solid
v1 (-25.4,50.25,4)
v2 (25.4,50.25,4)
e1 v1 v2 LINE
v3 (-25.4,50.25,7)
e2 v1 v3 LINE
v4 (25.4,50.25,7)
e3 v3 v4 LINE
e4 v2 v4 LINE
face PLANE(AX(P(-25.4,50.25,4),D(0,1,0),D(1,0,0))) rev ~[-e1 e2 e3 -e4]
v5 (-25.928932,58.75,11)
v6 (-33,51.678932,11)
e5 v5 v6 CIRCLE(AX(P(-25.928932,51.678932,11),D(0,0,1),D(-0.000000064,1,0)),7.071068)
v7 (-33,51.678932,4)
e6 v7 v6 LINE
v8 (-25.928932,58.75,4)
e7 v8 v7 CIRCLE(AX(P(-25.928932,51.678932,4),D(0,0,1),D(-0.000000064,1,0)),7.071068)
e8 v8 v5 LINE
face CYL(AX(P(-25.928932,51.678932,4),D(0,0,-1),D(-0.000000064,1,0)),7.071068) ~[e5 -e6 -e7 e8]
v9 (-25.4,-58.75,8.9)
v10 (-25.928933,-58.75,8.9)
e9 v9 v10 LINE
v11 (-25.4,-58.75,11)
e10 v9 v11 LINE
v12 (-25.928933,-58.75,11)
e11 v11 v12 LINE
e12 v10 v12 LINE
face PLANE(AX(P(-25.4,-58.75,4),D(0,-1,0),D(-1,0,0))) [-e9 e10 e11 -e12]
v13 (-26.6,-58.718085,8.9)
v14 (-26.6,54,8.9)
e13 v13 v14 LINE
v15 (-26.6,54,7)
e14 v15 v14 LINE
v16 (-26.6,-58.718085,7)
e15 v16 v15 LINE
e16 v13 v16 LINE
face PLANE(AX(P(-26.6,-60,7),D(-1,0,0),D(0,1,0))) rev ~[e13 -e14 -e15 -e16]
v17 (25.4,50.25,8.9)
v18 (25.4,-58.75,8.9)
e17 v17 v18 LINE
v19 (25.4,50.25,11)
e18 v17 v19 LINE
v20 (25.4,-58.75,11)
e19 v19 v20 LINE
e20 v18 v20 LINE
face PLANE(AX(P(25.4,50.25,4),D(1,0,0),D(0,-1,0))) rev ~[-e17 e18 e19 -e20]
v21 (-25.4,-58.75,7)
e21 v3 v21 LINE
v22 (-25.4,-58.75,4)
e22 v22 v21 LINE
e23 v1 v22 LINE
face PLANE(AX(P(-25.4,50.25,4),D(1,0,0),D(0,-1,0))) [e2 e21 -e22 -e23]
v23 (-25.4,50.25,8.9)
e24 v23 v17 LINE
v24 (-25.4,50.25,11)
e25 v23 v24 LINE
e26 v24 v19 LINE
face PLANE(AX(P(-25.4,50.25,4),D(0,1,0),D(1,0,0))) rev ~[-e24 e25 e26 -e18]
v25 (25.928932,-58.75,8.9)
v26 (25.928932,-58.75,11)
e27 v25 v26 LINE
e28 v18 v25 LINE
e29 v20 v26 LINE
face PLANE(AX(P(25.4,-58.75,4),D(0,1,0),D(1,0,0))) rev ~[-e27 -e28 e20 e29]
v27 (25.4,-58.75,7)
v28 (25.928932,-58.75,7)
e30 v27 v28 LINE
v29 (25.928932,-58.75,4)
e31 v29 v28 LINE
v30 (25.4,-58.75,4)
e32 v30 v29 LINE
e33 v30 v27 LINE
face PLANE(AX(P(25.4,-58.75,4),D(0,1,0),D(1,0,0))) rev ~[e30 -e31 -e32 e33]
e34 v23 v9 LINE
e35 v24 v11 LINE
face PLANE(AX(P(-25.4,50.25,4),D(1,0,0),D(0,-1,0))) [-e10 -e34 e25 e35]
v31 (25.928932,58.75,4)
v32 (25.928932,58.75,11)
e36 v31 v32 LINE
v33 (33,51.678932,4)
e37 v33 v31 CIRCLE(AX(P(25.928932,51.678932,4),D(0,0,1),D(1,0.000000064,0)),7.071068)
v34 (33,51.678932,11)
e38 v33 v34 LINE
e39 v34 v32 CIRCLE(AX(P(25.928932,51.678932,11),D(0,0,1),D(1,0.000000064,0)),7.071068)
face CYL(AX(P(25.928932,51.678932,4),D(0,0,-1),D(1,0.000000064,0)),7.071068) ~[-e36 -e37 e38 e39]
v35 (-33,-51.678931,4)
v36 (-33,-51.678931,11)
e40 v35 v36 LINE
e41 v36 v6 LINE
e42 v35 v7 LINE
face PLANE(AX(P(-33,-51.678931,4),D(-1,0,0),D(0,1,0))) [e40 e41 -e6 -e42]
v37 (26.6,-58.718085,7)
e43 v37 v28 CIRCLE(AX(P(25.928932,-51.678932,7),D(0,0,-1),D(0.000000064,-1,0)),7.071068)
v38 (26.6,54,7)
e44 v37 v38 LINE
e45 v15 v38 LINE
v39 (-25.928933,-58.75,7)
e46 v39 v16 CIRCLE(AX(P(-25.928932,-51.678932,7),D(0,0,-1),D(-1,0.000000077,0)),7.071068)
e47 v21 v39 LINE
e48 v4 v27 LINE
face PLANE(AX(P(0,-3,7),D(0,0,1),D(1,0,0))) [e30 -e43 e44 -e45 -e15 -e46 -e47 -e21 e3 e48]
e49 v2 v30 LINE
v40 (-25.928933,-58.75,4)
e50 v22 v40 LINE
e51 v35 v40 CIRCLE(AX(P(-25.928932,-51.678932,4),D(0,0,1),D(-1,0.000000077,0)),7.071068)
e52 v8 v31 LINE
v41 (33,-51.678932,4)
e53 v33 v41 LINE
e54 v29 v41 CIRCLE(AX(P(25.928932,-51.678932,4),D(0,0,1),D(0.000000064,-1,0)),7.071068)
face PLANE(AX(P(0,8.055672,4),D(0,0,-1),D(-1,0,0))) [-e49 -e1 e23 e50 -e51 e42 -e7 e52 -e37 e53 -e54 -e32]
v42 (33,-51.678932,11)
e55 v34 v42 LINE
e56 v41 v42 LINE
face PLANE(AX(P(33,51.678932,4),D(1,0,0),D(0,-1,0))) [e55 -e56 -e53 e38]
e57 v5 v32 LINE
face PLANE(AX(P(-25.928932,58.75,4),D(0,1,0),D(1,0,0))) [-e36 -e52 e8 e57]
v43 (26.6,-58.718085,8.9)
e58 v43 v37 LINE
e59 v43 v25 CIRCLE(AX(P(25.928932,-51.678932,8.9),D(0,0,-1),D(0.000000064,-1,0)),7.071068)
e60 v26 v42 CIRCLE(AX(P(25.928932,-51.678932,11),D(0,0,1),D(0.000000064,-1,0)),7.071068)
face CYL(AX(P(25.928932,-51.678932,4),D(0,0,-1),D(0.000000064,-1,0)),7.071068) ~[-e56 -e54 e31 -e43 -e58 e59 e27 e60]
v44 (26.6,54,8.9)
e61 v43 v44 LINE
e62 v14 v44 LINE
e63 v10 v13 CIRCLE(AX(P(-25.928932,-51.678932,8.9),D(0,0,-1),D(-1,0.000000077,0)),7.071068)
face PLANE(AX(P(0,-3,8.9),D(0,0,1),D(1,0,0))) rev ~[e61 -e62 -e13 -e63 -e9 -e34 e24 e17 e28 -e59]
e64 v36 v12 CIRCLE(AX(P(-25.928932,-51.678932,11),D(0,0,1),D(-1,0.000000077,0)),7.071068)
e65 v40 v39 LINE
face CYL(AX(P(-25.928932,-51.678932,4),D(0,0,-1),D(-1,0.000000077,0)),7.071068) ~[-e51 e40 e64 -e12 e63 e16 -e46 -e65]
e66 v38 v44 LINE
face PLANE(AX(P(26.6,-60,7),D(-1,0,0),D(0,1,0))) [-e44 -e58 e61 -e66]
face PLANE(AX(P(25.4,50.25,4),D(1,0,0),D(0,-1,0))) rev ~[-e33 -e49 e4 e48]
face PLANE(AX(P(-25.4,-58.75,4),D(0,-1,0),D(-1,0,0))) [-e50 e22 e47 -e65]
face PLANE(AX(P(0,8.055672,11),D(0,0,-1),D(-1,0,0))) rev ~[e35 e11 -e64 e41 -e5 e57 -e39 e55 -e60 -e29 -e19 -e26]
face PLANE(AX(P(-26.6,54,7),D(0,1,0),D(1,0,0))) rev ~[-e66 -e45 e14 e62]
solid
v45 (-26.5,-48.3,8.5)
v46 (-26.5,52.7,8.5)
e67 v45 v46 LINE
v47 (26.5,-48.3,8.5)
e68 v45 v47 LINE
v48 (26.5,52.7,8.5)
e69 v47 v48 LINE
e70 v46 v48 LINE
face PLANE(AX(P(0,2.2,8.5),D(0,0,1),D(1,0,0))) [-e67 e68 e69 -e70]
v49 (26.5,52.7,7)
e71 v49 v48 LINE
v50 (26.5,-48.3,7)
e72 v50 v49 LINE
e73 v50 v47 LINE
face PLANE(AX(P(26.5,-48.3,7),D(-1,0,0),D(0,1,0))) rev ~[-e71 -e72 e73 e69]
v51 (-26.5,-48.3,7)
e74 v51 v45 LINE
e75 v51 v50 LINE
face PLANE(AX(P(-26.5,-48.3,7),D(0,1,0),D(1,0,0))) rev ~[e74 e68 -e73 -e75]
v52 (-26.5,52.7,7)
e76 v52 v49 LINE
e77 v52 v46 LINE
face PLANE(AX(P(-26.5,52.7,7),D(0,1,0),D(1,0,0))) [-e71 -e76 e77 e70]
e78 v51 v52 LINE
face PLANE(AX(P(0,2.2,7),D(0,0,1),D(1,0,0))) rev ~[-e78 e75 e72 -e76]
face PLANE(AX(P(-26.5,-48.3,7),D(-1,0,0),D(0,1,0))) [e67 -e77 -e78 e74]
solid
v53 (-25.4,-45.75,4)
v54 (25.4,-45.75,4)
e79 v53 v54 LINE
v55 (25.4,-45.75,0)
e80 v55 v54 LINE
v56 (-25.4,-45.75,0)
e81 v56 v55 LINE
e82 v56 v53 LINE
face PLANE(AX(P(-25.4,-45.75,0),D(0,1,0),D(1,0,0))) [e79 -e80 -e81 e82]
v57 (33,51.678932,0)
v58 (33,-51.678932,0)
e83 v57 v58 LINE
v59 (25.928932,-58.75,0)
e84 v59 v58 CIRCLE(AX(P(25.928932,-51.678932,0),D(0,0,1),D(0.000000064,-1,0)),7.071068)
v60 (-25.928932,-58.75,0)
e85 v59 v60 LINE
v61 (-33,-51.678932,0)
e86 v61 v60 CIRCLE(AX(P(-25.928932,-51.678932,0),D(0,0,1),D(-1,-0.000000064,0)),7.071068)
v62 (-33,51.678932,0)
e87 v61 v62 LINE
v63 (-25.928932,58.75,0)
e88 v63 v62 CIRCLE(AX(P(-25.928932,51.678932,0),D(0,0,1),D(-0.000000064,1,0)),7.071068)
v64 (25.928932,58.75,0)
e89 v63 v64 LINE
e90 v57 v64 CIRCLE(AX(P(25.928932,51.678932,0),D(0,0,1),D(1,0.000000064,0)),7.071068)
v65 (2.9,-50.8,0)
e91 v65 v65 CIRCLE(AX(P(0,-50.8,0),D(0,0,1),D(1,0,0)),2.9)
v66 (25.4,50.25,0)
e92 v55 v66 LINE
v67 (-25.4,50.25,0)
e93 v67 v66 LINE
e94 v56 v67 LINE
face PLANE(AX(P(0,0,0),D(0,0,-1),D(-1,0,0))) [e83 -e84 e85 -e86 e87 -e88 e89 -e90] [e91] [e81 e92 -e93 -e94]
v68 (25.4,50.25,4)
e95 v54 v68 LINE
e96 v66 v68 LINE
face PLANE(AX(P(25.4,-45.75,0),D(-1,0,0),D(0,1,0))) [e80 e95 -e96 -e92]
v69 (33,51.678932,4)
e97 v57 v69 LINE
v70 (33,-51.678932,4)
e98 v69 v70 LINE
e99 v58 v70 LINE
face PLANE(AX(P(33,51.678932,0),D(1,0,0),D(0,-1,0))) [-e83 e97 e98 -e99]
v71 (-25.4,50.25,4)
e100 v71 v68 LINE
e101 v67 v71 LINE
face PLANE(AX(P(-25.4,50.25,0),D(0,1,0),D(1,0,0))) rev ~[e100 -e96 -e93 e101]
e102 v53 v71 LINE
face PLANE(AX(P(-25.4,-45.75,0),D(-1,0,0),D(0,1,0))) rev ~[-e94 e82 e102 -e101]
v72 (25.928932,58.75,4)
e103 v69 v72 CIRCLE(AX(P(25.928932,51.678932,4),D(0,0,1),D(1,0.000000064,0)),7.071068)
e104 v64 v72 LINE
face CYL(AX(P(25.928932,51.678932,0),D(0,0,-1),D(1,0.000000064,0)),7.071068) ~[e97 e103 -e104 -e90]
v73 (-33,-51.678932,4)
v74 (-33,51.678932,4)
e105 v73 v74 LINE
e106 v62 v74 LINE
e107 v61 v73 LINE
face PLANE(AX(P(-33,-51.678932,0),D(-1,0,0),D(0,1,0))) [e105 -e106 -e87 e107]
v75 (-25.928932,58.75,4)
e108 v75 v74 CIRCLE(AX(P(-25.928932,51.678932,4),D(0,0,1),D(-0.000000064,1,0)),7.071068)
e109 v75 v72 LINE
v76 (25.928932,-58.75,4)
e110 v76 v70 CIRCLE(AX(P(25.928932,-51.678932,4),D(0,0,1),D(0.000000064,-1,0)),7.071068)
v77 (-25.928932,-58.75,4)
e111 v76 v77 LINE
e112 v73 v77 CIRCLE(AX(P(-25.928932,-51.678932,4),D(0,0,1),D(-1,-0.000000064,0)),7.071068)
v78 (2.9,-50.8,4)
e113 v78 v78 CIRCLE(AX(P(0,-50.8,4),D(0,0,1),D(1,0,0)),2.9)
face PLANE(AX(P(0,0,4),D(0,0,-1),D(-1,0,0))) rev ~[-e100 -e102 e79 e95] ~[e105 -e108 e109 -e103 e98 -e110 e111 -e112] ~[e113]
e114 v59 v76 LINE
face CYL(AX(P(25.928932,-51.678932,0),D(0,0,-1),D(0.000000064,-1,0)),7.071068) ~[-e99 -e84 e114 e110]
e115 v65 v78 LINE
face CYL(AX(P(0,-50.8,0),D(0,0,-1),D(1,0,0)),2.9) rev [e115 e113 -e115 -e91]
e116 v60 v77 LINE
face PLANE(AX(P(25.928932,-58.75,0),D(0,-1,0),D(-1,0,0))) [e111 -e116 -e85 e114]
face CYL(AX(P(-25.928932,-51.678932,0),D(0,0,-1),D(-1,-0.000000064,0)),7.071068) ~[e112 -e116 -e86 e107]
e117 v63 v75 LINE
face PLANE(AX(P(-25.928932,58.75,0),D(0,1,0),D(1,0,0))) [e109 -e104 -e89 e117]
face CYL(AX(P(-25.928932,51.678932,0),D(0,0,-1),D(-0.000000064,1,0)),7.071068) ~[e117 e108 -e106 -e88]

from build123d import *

# Parameters (mm, degrees)
SKETCH001_R  = 2.9
SKETCH001_W  = 50.8
SKETCH001_H  = 96
PAD001_DEPTH = 4
SKETCH_W     = 53.2
SKETCH_H     = 114
PAD_DEPTH    = 1.9
PAD002_DEPTH = 7
SKETCH004_W  = 53
SKETCH004_H  = 101
PAD004_DEPTH = 1.5


with BuildPart() as pad001:
    # Sketch001 → Pad001 (new body)
    with BuildSketch(Plane.XY):
        with BuildLine():
            Line((-25.928932, 58.75), (25.928932, 58.75))
            ThreePointArc((33, 51.678932), (30.928932, 56.678932), (25.928932, 58.75))
            Line((33, 51.678932), (33, -51.678932))
            ThreePointArc((25.928932, -58.75), (30.928932, -56.678932), (33, -51.678932))
            Line((25.928932, -58.75), (-25.928932, -58.75))
            ThreePointArc((-33, -51.678932), (-30.928932, -56.678932), (-25.928932, -58.75))
            Line((-33, -51.678932), (-33, 51.678932))
            ThreePointArc((-25.928932, 58.75), (-30.928932, 56.678932), (-33, 51.678932))
        make_face()
        with Locations((0, -50.8)):
            Circle(SKETCH001_R, mode=Mode.SUBTRACT)
        with Locations((0, 2.25)):
            Rectangle(SKETCH001_W, SKETCH001_H, mode=Mode.SUBTRACT)
    extrude(amount=PAD001_DEPTH)


with BuildPart() as pad:
    # Sketch → Pad (new body)
    with BuildSketch(Plane.XY.offset(7)):
        with Locations((0, -3)):
            Rectangle(SKETCH_W, SKETCH_H)
    extrude(amount=PAD_DEPTH)


with BuildPart() as cut:
    # Sketch002 → Pad002 (new body)
    with BuildSketch(Plane.XY.offset(4)):
        with BuildLine():
            Line((-25.928932, 58.75), (25.928932, 58.75))
            ThreePointArc((33, 51.678932), (30.928932, 56.678932), (25.928932, 58.75))
            Line((33, 51.678932), (33, -51.678932))
            ThreePointArc((25.928932, -58.75), (30.928932, -56.678932), (33, -51.678932))
            Line((25.4, -58.75), (25.928932, -58.75))
            Line((25.4, 50.25), (25.4, -58.75))
            Line((-25.4, 50.25), (25.4, 50.25))
            Line((-25.4, 50.25), (-25.4, -58.75))
            Line((-25.4, -58.75), (-25.928933, -58.75))
            ThreePointArc((-33, -51.678931), (-30.928933, -56.678931), (-25.928933, -58.75))
            Line((-33, -51.678931), (-33, 51.678932))
            ThreePointArc((-25.928932, 58.75), (-30.928932, 56.678932), (-33, 51.678932))
        make_face()
    extrude(amount=PAD002_DEPTH)

    # Cut: cut Pad
    add(pad.part, mode=Mode.SUBTRACT)


with BuildPart() as pad004:
    # Sketch004 → Pad004 (new body)
    with BuildSketch(Plane.XY.offset(7)):
        with Locations((0, 2.2)):
            Rectangle(SKETCH004_W, SKETCH004_H)
    extrude(amount=PAD004_DEPTH)


solid = Compound([pad001.part, cut.part, pad004.part])
